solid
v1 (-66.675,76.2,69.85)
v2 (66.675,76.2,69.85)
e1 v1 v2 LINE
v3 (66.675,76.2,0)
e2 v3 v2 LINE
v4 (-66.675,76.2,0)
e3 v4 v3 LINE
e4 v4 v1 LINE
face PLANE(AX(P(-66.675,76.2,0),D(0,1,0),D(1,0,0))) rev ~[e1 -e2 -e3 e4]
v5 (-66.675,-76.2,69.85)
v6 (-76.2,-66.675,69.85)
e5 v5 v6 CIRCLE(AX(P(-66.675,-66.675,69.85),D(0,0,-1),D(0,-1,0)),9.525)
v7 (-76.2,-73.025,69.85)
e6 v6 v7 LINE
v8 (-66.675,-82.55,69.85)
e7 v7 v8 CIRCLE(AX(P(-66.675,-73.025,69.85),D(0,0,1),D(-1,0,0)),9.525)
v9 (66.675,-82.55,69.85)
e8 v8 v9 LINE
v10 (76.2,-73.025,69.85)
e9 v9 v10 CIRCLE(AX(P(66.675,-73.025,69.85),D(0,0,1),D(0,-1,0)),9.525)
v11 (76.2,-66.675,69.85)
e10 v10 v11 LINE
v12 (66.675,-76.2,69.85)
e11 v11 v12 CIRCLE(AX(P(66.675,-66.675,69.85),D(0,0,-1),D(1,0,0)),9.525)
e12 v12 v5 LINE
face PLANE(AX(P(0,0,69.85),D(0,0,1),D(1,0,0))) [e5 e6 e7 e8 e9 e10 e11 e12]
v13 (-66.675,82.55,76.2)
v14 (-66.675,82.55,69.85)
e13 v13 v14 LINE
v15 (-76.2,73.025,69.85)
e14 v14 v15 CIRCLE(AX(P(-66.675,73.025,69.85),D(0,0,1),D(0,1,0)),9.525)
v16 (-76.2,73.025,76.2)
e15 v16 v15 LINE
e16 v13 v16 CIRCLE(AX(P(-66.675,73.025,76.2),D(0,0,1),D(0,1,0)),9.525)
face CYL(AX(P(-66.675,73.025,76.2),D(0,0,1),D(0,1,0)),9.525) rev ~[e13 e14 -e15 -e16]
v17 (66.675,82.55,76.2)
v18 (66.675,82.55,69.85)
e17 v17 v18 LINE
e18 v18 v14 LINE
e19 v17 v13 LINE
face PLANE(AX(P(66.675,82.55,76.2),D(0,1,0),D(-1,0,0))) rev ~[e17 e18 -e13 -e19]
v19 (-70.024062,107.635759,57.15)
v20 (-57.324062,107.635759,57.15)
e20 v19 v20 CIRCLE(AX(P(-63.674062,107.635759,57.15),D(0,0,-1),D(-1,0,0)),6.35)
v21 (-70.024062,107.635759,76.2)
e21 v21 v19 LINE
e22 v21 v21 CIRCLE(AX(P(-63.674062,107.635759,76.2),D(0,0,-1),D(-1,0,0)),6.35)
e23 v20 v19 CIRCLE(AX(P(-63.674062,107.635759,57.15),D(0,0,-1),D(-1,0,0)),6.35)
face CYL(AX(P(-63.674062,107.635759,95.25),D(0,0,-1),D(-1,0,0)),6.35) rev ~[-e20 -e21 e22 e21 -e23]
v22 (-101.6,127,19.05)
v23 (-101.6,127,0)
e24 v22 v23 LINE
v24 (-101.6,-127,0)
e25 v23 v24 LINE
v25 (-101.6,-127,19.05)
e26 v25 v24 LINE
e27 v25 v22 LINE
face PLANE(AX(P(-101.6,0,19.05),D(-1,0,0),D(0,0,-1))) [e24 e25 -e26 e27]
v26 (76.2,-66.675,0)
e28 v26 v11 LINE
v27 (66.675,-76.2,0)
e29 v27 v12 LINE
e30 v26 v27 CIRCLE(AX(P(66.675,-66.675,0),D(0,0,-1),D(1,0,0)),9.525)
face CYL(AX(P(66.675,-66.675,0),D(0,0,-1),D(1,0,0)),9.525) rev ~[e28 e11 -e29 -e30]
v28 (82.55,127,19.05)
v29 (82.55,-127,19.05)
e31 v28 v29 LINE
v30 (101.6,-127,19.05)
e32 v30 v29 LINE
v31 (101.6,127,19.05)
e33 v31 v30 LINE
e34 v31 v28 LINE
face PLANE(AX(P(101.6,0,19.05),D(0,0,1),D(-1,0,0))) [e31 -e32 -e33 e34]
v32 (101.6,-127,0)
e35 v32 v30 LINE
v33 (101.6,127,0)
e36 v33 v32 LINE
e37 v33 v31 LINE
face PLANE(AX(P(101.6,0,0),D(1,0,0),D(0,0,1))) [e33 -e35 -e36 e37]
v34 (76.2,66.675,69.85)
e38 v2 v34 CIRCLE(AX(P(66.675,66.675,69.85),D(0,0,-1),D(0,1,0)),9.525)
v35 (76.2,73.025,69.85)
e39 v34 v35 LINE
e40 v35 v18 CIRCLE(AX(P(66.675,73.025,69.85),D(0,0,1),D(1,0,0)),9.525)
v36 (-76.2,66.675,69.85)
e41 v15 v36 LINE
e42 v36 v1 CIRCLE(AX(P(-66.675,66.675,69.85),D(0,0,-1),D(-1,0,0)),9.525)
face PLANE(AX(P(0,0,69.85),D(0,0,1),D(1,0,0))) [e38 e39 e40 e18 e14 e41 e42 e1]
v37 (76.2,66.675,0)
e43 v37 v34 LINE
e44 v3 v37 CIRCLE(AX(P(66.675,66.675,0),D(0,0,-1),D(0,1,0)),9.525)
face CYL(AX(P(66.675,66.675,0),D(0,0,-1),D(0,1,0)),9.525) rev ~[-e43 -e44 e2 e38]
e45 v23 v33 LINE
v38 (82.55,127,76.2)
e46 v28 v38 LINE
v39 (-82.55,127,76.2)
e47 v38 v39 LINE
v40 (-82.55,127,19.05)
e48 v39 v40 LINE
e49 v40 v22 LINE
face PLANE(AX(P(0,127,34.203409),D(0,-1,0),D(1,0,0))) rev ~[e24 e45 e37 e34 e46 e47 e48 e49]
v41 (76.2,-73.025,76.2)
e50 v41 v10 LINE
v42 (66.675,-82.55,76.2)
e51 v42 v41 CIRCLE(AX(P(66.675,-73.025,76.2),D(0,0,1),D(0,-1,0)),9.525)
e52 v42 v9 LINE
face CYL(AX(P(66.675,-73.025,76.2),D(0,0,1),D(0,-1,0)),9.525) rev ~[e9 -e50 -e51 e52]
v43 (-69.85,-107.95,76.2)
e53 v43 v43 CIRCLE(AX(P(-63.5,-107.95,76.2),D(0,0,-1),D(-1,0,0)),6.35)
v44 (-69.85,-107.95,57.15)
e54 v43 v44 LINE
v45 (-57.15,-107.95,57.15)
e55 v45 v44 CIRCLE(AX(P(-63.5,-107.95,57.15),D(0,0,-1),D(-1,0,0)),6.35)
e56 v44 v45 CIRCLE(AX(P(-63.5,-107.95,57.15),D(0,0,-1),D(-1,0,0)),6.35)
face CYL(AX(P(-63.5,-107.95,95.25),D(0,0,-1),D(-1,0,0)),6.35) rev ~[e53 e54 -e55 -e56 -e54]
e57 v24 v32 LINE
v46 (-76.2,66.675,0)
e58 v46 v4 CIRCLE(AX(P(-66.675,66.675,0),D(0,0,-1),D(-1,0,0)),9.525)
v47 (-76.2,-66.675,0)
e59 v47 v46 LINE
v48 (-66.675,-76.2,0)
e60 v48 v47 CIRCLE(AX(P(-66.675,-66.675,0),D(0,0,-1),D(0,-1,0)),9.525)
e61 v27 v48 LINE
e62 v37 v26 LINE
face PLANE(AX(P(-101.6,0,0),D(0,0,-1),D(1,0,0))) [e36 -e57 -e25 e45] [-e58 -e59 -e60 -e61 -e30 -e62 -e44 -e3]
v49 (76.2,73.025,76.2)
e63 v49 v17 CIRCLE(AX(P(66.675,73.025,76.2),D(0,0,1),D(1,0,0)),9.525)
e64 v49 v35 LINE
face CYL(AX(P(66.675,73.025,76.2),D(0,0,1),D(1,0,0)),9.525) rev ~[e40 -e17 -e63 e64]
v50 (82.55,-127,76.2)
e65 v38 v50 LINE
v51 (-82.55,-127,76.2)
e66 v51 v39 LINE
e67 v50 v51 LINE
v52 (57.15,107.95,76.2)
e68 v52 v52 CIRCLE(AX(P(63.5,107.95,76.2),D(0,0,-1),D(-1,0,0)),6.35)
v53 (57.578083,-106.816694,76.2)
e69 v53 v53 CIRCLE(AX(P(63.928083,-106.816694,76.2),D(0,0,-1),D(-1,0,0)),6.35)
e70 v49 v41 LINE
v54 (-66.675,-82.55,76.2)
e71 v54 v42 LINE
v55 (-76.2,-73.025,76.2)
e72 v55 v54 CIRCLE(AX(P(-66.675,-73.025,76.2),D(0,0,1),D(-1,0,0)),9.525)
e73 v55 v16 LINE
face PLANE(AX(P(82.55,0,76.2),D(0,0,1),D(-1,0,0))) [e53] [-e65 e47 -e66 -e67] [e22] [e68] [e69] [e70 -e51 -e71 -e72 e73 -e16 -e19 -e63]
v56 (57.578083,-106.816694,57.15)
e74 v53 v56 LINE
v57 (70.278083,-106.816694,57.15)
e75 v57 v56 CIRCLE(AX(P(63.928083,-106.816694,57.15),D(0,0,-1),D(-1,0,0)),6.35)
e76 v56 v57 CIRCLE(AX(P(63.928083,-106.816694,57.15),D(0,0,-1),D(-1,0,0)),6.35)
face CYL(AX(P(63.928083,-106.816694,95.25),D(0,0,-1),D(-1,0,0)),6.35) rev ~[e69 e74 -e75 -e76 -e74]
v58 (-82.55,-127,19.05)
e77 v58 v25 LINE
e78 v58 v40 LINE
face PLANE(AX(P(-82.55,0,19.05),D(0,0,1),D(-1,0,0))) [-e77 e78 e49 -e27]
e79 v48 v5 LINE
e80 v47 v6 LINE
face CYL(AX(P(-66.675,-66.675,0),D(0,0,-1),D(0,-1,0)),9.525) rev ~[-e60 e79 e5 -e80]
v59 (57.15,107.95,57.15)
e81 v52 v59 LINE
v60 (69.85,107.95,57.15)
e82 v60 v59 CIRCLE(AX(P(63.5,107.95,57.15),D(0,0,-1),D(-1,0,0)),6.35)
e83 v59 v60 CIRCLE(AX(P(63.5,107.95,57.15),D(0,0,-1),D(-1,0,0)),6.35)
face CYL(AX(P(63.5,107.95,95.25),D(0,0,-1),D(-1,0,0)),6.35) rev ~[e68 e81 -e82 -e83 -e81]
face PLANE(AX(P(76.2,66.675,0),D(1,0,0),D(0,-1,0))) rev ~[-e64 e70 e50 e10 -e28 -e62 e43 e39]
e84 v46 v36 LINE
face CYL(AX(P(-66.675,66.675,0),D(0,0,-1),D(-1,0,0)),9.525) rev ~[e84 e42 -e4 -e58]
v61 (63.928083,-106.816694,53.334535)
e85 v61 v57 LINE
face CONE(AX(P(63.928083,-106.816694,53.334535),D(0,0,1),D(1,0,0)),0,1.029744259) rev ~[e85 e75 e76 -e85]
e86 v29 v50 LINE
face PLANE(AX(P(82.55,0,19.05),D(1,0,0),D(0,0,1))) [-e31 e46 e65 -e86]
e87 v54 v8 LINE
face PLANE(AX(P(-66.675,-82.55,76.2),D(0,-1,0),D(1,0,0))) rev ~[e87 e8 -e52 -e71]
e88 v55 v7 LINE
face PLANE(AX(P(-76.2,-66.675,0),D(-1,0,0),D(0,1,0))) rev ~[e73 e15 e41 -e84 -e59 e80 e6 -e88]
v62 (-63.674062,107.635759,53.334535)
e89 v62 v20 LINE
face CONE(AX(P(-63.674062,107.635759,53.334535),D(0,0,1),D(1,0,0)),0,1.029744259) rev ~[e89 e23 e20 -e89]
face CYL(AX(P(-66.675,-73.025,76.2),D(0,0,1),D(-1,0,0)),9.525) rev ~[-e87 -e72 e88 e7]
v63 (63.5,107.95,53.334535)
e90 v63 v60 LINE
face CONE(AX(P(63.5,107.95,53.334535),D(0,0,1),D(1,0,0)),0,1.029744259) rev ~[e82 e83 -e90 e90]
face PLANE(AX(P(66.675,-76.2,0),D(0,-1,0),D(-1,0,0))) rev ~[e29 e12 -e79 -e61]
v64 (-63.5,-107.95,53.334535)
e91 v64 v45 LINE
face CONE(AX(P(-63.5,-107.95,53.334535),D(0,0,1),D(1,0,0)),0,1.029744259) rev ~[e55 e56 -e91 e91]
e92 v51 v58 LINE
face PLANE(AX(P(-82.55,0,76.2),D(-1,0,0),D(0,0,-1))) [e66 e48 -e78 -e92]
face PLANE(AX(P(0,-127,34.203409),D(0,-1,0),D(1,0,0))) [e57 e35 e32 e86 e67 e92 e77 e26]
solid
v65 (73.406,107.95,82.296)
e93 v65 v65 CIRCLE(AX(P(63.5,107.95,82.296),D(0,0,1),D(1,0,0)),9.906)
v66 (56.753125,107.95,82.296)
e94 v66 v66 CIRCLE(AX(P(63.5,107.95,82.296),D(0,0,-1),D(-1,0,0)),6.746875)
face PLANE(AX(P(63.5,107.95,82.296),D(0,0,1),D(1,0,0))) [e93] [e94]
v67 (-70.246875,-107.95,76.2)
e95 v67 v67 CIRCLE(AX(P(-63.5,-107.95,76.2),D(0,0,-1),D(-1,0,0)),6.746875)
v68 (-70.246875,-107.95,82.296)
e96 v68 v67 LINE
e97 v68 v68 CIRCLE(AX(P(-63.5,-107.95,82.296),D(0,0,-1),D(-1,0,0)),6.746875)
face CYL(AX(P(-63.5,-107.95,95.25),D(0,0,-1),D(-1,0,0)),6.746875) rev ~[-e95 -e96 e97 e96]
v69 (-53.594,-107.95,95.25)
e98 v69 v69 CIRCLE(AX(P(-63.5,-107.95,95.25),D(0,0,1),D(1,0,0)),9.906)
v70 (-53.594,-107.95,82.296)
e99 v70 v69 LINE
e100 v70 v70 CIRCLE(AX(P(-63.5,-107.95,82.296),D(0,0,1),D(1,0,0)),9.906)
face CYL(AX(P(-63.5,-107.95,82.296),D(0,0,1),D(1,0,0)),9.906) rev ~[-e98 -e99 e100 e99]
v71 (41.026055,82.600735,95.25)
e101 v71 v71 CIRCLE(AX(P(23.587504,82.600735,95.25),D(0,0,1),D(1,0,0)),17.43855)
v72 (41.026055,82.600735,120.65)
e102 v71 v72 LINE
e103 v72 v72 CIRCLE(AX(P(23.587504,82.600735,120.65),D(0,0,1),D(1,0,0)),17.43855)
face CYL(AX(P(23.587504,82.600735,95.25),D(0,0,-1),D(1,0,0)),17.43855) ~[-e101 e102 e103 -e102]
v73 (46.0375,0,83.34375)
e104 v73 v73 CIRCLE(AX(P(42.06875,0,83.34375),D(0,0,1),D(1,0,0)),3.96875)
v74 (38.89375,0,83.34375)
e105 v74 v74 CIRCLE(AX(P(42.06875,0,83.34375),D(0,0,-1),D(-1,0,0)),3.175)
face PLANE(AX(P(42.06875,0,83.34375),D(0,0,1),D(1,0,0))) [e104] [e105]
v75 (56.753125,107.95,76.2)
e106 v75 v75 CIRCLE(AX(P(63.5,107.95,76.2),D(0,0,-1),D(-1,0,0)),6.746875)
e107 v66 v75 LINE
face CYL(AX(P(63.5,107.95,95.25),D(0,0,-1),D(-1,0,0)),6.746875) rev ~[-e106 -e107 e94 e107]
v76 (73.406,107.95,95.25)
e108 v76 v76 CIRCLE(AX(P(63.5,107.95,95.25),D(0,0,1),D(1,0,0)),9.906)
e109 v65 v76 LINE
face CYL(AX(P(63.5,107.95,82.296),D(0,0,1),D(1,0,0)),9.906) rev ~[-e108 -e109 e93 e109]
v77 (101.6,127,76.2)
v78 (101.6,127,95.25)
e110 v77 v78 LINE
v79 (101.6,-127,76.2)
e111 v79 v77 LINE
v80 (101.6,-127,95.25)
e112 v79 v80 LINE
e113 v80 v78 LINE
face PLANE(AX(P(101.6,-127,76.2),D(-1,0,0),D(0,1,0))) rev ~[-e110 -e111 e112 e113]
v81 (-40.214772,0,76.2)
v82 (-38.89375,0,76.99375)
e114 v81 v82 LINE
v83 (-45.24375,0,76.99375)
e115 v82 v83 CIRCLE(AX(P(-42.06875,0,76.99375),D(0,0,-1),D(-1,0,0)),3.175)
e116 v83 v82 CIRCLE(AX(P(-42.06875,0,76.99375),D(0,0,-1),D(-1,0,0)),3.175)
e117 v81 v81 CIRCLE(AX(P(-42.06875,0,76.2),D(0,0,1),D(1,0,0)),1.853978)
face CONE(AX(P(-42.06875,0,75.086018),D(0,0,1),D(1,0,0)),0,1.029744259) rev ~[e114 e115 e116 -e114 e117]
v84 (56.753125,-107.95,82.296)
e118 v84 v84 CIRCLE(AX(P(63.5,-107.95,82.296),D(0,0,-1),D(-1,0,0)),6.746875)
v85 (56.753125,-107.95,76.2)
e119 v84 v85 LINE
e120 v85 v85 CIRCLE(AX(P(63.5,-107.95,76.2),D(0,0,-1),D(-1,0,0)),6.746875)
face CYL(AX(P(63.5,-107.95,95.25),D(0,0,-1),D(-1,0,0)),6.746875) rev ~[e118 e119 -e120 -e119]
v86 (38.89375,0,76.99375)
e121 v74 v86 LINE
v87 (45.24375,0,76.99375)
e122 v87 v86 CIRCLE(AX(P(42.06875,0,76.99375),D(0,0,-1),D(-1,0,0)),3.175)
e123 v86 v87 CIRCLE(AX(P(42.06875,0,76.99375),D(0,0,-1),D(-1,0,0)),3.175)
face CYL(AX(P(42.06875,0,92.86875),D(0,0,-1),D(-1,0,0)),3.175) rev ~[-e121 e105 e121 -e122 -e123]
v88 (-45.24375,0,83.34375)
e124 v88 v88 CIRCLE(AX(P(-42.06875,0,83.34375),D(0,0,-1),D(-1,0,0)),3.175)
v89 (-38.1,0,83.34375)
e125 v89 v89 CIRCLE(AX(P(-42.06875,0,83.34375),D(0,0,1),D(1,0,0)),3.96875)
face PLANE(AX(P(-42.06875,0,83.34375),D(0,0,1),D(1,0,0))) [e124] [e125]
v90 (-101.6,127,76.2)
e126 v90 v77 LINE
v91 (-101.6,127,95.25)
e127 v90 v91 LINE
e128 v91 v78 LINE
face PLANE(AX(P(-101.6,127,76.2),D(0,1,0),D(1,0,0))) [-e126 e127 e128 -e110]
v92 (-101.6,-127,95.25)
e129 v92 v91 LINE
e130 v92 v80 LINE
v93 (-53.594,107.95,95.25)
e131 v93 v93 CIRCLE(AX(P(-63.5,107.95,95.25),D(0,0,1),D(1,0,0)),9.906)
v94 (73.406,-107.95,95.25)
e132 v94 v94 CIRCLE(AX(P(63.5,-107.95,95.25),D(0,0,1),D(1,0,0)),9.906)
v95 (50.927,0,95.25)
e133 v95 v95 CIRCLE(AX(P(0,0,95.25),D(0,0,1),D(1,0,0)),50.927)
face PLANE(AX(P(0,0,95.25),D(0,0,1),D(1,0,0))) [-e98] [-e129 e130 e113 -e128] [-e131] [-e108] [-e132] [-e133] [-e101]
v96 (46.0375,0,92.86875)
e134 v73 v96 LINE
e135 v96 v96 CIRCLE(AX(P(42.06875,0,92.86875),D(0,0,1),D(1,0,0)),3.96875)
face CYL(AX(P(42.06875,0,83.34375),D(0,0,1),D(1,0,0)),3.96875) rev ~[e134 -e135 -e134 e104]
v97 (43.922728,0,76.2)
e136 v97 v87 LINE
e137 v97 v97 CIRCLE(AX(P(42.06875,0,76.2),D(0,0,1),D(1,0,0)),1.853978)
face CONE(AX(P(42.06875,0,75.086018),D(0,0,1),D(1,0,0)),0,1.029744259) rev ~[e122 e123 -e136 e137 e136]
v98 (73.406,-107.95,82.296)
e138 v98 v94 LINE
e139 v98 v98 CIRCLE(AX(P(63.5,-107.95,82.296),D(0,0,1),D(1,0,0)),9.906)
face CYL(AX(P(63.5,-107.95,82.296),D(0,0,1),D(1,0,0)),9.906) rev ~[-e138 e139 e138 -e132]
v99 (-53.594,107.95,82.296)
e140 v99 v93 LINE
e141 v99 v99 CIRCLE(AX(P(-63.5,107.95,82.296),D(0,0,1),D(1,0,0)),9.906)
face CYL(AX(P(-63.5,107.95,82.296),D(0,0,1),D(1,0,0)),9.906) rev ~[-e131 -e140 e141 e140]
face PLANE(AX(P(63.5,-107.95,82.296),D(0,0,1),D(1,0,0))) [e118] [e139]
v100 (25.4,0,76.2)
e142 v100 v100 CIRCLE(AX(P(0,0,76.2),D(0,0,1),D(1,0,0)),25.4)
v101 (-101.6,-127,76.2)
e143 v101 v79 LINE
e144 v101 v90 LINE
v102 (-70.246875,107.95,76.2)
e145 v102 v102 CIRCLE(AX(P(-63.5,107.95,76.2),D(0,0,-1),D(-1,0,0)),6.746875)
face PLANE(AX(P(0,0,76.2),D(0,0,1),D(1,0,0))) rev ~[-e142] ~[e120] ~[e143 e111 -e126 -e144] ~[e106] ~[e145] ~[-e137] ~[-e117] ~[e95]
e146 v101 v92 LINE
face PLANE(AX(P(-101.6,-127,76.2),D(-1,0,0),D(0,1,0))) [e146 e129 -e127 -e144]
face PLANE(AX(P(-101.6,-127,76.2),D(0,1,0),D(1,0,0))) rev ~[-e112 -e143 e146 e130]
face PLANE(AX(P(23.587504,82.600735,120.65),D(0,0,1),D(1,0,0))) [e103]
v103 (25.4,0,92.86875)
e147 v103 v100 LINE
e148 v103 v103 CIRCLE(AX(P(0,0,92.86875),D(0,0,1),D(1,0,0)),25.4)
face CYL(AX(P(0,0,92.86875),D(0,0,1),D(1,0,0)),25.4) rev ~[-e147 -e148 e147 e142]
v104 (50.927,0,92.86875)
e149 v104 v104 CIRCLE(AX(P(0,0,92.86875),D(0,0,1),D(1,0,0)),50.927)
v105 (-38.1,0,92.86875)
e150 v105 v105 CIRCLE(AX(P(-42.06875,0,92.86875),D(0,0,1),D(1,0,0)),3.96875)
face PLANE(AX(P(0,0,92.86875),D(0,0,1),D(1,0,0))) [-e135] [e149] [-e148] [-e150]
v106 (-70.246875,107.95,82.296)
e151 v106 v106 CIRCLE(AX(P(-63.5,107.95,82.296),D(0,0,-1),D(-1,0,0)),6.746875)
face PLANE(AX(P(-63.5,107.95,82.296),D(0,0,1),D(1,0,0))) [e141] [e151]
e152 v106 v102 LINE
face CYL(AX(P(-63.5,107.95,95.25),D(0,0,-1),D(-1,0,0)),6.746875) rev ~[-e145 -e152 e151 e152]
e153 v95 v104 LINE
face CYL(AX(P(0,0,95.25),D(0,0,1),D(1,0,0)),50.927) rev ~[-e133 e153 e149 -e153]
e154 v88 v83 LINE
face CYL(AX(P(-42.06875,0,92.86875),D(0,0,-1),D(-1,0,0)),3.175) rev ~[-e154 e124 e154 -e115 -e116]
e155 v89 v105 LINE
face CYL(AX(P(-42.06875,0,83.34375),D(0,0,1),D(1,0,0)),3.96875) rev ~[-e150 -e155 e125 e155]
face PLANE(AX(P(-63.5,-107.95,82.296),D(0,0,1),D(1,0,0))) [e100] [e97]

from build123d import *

# Parameters (mm, degrees)
F1_DEPTH        = 127
F3_DEPTH        = 76.2
F5_DEPTH        = 6.35
F6_W            = 203.2
F6_H            = 254
F16_DEPTH       = 19.05
F17_R           = 50.927
F7_DEPTH        = 2.38125
F8_R            = 25.4
F18_DEPTH       = 25.4
F19_D           = 6.35
F19_DEPTH       = 15.875
F19_CBORE_D     = 7.9375
F19_CBORE_DEPTH = 9.525
F19_TIP         = 1.9077324654
F11_D           = 13.49375
F11_CBORE_D     = 19.812
F11_CBORE_DEPTH = 12.954
F13_D           = 12.7
F13_DEPTH       = 19.05
F13_TIP         = 3.8154649308
F20_R           = 17.4385504091
F14_DEPTH       = 25.4


with BuildPart() as f1:
    # F0 (on Front) → F1 (new body, symmetric)
    with BuildSketch(Plane.XZ):
        Polygon((-101.6, 19.05), (-101.6, 0), (101.6, 0), (101.6, 19.05), (82.55, 19.05), (82.55, 76.2), (-82.55, 76.2), (-82.55, 19.05), align=None)
    extrude(amount=F1_DEPTH, both=True)

    # F2 (on face) → F3 (cut)
    with BuildSketch(Plane(origin=(0, 0, 0), x_dir=(1, 0, 0), z_dir=(0, 0, -1))):
        with BuildLine():
            Line((66.675, 76.2), (-66.675, 76.2))
            ThreePointArc((-66.675, 76.2), (-73.4101920908, 73.4101920908), (-76.2, 66.675))
            Line((-76.2, 66.675), (-76.2, -66.675))
            ThreePointArc((-76.2, -66.675), (-73.4101920908, -73.4101920908), (-66.675, -76.2))
            Line((-66.675, -76.2), (66.675, -76.2))
            ThreePointArc((66.675, -76.2), (73.4101920908, -73.4101920908), (76.2, -66.675))
            Line((76.2, -66.675), (76.2, 66.675))
            ThreePointArc((76.2, 66.675), (73.4101920908, 73.4101920908), (66.675, 76.2))
        make_face()
    extrude(amount=-F3_DEPTH, mode=Mode.SUBTRACT)

    # F4 (on face) → F5 (cut)
    with BuildSketch(Plane.XY.offset(76.2)):
        with BuildLine():
            ThreePointArc((76.2, 73.025), (73.4101920908, 79.7601920908), (66.675, 82.55))
            Line((66.675, 82.55), (-66.675, 82.55))
            ThreePointArc((-66.675, 82.55), (-73.4101920908, 79.7601920908), (-76.2, 73.025))
            Line((-76.2, 73.025), (-76.2, -73.025))
            ThreePointArc((-76.2, -73.025), (-73.4101920908, -79.7601920908), (-66.675, -82.55))
            Line((-66.675, -82.55), (66.675, -82.55))
            ThreePointArc((66.675, -82.55), (73.4101920908, -79.7601920908), (76.2, -73.025))
            Line((76.2, -73.025), (76.2, 73.025))
        make_face()
    extrude(amount=-F5_DEPTH, mode=Mode.SUBTRACT)

    # F13
    with Locations(Plane.XY.offset(76.2)):
        with Locations((-63.6740624905, 107.6357588172), (63.5, 107.95), (63.9280825853, -106.8166941404), (-63.5, -107.95)):
            Hole(F13_D / 2, depth=F13_DEPTH)
            with Locations((0, 0, -(F13_DEPTH + F13_TIP / 2))):  # 118° drill point
                Cone(0, F13_D / 2, F13_TIP, mode=Mode.SUBTRACT)


with BuildPart() as f16:
    # F6 (on face) → F16 (new body)
    with BuildSketch(Plane.XY.offset(76.2)):
        Rectangle(F6_W, F6_H)
    extrude(amount=F16_DEPTH)

    # F17 (on face) → F7 (cut)
    with BuildSketch(Plane.XY.offset(95.25)):
        Circle(F17_R)
    extrude(amount=-F7_DEPTH, mode=Mode.SUBTRACT)

    # F8 (on face) → F18 (cut)
    with BuildSketch(Plane.XY.offset(92.86875)):
        Circle(F8_R)
    extrude(amount=-F18_DEPTH, mode=Mode.SUBTRACT)

    # F19
    with Locations(Plane.XY.offset(92.86875)):
        with Locations((42.06875, 0), (-42.06875, 0)):
            CounterBoreHole(F19_D / 2, F19_CBORE_D / 2, F19_CBORE_DEPTH, depth=F19_DEPTH)
            with Locations((0, 0, -(F19_DEPTH + F19_TIP / 2))):  # 118° drill point
                Cone(0, F19_D / 2, F19_TIP, mode=Mode.SUBTRACT)

    # F11 (through all)
    with Locations(Plane.XY.offset(95.25)):
        with Locations((-63.5, 107.95), (63.5, 107.95), (63.5, -107.95), (-63.5, -107.95)):
            CounterBoreHole(F11_D / 2, F11_CBORE_D / 2, F11_CBORE_DEPTH)

    # F20 (on face) → F14 (join)
    with BuildSketch(Plane.XY.offset(95.25)):
        with Locations((23.5875044018, 82.6007351279)):
            Circle(F20_R)
    extrude(amount=F14_DEPTH)


solid = Compound([f1.part, f16.part])
